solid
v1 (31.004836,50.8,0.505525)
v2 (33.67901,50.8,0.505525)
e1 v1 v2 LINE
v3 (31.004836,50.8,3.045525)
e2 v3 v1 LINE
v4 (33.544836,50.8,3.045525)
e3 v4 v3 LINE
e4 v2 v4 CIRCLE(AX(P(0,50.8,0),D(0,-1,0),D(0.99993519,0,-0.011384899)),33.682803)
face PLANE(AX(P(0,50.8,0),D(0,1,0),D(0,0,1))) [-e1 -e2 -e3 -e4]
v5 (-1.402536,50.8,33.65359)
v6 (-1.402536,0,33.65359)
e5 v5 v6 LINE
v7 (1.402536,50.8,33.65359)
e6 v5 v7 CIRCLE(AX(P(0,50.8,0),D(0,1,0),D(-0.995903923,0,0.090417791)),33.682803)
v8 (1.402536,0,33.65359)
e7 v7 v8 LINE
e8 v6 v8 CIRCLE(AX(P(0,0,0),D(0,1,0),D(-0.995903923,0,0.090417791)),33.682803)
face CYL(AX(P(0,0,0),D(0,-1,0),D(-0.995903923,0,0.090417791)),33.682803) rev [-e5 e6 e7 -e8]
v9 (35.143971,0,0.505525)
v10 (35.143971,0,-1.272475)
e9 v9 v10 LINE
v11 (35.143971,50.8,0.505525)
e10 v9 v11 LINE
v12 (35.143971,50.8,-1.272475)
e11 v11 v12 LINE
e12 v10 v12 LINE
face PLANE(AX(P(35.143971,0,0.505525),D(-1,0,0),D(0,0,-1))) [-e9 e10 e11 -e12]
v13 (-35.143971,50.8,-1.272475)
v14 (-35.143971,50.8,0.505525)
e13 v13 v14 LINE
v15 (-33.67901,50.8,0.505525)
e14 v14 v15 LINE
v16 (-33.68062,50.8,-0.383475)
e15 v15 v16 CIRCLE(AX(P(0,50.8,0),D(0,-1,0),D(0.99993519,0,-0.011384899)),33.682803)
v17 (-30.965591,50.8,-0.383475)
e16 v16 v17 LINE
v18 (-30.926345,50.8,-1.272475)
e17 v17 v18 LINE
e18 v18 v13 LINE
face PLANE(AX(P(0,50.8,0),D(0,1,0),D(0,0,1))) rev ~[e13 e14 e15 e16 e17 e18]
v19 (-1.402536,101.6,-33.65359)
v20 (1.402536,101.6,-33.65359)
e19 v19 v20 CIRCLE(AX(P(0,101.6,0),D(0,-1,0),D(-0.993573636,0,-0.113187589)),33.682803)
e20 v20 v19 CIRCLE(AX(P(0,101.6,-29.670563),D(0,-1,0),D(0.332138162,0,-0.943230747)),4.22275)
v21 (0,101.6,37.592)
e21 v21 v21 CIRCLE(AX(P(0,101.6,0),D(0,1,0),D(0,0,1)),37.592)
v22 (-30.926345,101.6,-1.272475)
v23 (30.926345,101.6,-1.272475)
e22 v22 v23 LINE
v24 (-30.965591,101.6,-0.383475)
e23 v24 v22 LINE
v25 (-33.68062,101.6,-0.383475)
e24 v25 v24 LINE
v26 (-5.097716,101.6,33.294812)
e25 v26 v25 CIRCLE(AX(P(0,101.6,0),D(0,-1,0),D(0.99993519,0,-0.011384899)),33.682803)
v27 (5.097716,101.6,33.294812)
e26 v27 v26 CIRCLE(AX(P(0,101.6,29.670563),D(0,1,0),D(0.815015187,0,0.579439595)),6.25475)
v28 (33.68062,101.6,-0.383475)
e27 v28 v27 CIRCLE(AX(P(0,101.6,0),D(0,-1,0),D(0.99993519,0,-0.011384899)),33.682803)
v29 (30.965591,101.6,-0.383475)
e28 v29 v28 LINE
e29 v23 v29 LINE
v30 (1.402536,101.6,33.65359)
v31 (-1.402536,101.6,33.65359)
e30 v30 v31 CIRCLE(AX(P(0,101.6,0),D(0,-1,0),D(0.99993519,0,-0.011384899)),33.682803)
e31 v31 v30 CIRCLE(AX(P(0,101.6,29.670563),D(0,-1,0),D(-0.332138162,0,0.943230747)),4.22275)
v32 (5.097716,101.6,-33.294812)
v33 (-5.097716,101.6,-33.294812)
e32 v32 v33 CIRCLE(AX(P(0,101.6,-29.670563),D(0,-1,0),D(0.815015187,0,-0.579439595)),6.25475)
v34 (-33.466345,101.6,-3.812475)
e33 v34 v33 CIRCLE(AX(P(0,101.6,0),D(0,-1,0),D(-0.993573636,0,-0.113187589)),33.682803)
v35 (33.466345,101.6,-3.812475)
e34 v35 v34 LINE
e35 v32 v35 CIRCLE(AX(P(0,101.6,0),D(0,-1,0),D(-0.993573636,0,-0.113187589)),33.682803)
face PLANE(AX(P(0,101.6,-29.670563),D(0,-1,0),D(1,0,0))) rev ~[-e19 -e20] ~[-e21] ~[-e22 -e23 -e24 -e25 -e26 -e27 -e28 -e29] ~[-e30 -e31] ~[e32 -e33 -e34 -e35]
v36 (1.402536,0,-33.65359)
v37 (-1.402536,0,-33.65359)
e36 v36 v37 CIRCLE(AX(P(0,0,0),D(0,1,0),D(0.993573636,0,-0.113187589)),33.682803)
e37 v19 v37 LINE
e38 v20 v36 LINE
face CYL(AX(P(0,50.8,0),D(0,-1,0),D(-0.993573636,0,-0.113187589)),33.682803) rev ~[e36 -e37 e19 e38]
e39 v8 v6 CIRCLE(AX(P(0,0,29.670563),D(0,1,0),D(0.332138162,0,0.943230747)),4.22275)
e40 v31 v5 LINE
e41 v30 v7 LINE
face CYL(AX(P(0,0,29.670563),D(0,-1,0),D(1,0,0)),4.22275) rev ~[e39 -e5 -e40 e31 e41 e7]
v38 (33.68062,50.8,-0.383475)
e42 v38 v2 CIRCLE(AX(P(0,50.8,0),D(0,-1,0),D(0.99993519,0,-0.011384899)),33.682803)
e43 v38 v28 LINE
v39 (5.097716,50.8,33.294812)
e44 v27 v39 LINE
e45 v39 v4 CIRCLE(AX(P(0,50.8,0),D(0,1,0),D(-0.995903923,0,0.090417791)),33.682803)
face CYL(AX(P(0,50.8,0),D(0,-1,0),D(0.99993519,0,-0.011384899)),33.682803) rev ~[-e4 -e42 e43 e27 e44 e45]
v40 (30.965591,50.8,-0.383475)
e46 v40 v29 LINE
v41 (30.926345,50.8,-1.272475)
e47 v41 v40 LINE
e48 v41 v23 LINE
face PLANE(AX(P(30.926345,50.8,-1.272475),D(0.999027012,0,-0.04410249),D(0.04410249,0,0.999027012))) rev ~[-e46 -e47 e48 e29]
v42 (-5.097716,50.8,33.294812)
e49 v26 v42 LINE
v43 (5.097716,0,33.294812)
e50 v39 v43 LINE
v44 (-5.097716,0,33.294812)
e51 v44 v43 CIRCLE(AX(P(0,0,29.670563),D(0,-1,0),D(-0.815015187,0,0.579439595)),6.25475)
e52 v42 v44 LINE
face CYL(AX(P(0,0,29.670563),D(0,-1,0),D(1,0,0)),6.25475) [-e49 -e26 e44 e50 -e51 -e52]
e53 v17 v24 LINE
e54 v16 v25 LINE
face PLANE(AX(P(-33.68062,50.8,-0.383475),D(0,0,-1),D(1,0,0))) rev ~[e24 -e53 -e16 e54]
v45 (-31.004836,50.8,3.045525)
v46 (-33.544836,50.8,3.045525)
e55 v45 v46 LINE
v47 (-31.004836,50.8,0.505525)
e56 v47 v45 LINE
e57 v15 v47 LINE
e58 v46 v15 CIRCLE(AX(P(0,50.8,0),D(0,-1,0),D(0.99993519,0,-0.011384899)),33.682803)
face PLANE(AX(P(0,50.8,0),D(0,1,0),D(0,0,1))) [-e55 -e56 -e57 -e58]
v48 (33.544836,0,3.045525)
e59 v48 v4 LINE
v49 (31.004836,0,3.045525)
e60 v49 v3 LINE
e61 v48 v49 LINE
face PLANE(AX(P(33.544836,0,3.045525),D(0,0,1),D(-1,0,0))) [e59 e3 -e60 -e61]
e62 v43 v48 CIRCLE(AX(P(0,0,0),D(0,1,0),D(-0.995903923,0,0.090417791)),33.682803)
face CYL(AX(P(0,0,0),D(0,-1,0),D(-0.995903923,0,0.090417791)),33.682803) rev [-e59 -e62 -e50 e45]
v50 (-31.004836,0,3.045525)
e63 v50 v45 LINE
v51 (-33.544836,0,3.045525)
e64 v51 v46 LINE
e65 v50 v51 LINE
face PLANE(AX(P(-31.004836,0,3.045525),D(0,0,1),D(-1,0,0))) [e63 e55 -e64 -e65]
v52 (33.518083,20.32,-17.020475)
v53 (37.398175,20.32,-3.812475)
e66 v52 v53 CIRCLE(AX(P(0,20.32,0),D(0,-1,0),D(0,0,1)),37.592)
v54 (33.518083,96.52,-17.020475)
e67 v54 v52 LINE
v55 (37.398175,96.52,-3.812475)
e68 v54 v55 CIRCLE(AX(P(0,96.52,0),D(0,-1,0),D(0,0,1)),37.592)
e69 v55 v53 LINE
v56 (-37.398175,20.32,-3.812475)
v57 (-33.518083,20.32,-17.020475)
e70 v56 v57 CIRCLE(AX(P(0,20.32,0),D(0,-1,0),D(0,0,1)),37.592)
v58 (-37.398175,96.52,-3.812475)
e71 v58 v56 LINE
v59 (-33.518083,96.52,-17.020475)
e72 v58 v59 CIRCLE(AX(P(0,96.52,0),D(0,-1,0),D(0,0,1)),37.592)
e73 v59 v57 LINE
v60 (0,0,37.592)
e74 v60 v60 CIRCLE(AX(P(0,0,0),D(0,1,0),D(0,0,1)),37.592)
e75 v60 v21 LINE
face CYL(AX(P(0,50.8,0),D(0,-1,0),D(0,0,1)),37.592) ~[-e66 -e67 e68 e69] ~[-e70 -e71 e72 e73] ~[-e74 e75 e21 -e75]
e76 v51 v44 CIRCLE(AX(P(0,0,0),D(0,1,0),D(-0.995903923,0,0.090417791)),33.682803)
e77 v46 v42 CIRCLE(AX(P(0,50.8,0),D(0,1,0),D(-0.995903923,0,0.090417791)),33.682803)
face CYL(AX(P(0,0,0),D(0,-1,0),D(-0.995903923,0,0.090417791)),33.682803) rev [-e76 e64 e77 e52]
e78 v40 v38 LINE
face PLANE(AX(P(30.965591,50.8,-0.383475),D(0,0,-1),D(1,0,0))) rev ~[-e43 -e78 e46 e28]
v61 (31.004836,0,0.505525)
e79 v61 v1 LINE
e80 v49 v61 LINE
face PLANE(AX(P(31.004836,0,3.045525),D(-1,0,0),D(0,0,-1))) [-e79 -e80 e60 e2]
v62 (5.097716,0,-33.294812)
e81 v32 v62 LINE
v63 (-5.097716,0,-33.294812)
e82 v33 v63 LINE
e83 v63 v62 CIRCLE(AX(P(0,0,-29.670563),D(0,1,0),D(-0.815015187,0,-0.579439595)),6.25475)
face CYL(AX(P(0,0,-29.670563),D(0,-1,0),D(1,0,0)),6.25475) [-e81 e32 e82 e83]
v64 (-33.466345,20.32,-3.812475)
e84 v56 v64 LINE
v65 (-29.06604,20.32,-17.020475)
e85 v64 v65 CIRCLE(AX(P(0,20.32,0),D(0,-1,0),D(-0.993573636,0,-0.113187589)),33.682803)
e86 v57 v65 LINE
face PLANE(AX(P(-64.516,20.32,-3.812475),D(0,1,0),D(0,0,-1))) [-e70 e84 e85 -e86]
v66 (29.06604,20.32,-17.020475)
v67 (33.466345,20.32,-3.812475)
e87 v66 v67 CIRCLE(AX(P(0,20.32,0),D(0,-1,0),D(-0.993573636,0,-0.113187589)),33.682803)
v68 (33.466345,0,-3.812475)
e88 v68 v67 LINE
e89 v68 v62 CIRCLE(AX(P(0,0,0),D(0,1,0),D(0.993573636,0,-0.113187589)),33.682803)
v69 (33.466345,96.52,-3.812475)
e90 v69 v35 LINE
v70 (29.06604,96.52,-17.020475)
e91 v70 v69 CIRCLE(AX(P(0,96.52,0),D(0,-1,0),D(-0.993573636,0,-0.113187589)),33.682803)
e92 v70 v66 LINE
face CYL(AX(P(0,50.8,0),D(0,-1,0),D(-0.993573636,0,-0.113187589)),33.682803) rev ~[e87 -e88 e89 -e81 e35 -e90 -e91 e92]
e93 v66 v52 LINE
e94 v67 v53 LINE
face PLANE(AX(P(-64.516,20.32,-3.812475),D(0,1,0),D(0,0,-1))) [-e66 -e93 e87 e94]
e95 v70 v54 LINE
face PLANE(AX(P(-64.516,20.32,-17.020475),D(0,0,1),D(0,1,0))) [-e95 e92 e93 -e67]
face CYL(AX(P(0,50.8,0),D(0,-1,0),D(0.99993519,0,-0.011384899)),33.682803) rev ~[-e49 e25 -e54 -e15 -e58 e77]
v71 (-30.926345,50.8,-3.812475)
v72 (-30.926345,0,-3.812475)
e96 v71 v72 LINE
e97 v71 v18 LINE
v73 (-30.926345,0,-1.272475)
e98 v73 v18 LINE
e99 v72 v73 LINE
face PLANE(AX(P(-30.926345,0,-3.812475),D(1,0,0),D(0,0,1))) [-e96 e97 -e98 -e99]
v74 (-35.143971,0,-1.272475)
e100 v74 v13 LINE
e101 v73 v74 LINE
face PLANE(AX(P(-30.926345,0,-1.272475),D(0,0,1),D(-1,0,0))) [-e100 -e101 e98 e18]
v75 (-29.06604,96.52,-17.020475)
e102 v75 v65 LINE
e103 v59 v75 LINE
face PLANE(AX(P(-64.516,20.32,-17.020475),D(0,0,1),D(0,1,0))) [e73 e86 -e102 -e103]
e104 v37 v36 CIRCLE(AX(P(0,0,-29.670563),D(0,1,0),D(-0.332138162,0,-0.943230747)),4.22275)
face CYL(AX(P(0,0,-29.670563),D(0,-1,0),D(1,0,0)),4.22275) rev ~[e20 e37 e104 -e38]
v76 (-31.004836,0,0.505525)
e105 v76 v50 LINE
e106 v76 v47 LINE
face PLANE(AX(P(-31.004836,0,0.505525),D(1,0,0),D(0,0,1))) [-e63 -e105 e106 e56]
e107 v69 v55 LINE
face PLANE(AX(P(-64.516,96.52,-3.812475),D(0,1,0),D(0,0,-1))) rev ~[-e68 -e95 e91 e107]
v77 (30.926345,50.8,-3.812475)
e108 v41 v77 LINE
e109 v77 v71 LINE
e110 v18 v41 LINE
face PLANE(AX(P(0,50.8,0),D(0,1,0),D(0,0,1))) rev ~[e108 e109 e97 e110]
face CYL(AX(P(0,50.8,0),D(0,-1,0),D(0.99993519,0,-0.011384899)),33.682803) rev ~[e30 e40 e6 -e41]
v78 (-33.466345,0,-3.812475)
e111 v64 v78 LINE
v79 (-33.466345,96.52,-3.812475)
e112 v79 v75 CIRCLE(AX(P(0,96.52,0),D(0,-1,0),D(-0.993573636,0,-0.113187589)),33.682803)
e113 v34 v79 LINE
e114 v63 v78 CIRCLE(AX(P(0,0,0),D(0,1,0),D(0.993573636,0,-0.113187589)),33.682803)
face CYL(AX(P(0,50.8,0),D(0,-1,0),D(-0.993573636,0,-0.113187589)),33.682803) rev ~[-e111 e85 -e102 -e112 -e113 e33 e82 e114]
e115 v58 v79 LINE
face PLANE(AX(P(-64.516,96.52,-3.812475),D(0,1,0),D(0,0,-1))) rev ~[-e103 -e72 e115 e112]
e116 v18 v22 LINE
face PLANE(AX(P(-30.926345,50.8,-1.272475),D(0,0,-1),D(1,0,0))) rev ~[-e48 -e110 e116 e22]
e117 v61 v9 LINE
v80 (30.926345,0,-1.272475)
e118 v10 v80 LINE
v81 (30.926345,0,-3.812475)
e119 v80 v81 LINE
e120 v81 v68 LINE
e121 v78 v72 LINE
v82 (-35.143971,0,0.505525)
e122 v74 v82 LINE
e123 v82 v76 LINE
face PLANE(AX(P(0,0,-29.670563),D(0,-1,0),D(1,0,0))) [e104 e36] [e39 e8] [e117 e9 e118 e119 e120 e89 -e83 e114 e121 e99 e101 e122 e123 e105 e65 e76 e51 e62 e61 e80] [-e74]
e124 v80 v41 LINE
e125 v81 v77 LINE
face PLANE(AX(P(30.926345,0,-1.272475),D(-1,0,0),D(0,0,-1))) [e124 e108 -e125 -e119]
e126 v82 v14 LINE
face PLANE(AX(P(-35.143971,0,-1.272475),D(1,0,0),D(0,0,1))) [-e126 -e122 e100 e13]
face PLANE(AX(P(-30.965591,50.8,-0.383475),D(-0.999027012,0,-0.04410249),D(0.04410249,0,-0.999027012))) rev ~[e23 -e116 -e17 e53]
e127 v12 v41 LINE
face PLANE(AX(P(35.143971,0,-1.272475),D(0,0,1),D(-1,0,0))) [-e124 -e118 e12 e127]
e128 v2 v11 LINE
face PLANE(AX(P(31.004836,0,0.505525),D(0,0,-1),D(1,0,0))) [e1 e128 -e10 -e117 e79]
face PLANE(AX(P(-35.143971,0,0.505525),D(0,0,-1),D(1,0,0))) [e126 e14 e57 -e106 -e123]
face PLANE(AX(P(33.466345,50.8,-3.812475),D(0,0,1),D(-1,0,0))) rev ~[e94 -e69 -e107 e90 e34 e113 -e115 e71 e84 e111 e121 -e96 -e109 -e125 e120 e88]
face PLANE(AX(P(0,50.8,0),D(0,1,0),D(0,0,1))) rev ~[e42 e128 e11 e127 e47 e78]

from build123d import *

# Parameters (mm, degrees)
SKETCH1_R               = 37.592
BOSS_EXTRUDE1_DEPTH     = 50.8
SKETCH4_R               = 37.592
BOSS_EXTRUDE2_DEPTH     = 50.8
SKETCH5_R               = 6.25475
SKETCH5_R_2             = 4.22275
BOSS_EXTRUDE3_DEPTH     = 101.6
CUT_EXTRUDE1_DEPTH      = 60.198
CUT_EXTRUDE1_DEPTH_BACK = 64.516
SKETCH6_W               = 13.208
SKETCH6_H               = 76.2


with BuildPart() as part:
    # Sketch1 → Boss-Extrude1 (new body)
    with BuildSketch(Plane(origin=(0, 0, 0), x_dir=(1, 0, 0), z_dir=(0, 1, 0))):
        with Locations(Location((0, 0, 0), (0, 0, 270))):
            Circle(SKETCH1_R)
        with BuildLine():
            Line((-35.143970714, 1.272475327), (-35.143970714, -0.505524673))
            Line((-35.143970714, -0.505524673), (-31.004836055, -0.505524673))
            Line((-31.004836055, -0.505524673), (-31.004836055, -3.045524673))
            Line((-31.004836055, -3.045524673), (-33.544836055, -3.045524673))
            ThreePointArc((-33.544836055, -3.045524673), (0, -33.682803423), (33.544836055, -3.045524673))
            Line((33.544836055, -3.045524673), (31.004836055, -3.045524673))
            Line((31.004836055, -3.045524673), (31.004836055, -0.505524673))
            Line((31.004836055, -0.505524673), (35.143970714, -0.505524673))
            Line((35.143970714, -0.505524673), (35.143970714, 1.272475327))
            Line((35.143970714, 1.272475327), (30.926345458, 1.272475327))
            Line((30.926345458, 1.272475327), (30.926345458, 3.812475327))
            Line((30.926345458, 3.812475327), (33.466345458, 3.812475327))
            ThreePointArc((33.466345458, 3.812475327), (0, 33.682803423), (-33.466345458, 3.812475327))
            Line((-33.466345458, 3.812475327), (-30.926345458, 3.812475327))
            Line((-30.926345458, 3.812475327), (-30.926345458, 1.272475327))
            Line((-30.926345458, 1.272475327), (-35.143970714, 1.272475327))
        make_face(mode=Mode.SUBTRACT)
    extrude(amount=BOSS_EXTRUDE1_DEPTH)

    # Sketch4 → Boss-Extrude2 (add)
    with BuildSketch(Plane(origin=(0, 50.8, 0), x_dir=(1, 0, 0), z_dir=(0, 1, 0))):
        with Locations(Location((0, 0, 0), (0, 0, 270))):
            Circle(SKETCH4_R)
        with BuildLine():
            Line((33.466345458, 3.812475327), (-33.466345458, 3.812475327))
            ThreePointArc((-33.466345458, 3.812475327), (0, 33.682803423), (33.466345458, 3.812475327))
        make_face(mode=Mode.SUBTRACT)
        with BuildLine():
            Line((-30.926345458, 1.272475327), (30.926345458, 1.272475327))
            Line((30.926345458, 1.272475327), (30.965590757, 0.383475327))
            Line((30.965590757, 0.383475327), (33.680620439, 0.383475327))
            ThreePointArc((33.680620439, 0.383475327), (0, -33.682803423), (-33.680620439, 0.383475327))
            Line((-33.680620439, 0.383475327), (-30.965590757, 0.383475327))
            Line((-30.965590757, 0.383475327), (-30.926345458, 1.272475327))
        make_face(mode=Mode.SUBTRACT)
    extrude(amount=BOSS_EXTRUDE2_DEPTH)

    # Sketch5 → Boss-Extrude3 (add)
    # profile 1 of 2: a face of its own
    with BuildSketch(Plane.XZ):
        with Locations((0, -29.670562634)):
            Circle(SKETCH5_R)
        with Locations((0, -29.670562634)):
            Circle(SKETCH5_R_2, mode=Mode.SUBTRACT)
    # profile 2 of 2: a face of its own
    with BuildSketch(Plane.XZ):
        with Locations((0, 29.670562634)):
            Circle(SKETCH5_R)
        with Locations((0, 29.670562634)):
            Circle(SKETCH5_R_2, mode=Mode.SUBTRACT)
    extrude(amount=-BOSS_EXTRUDE3_DEPTH)

    # Sketch6 → Cut-Extrude1 (cut, two sides: drawn at the far end of the back side and taken through both)
    with BuildSketch(Plane(origin=(0, 0, 0), x_dir=(0, 0, -1), z_dir=(1, 0, 0)).offset(-CUT_EXTRUDE1_DEPTH_BACK)):
        with Locations((10.416475327, 58.42)):
            Rectangle(SKETCH6_W, SKETCH6_H)
    extrude(amount=CUT_EXTRUDE1_DEPTH + CUT_EXTRUDE1_DEPTH_BACK, mode=Mode.SUBTRACT)


solid = part.part
